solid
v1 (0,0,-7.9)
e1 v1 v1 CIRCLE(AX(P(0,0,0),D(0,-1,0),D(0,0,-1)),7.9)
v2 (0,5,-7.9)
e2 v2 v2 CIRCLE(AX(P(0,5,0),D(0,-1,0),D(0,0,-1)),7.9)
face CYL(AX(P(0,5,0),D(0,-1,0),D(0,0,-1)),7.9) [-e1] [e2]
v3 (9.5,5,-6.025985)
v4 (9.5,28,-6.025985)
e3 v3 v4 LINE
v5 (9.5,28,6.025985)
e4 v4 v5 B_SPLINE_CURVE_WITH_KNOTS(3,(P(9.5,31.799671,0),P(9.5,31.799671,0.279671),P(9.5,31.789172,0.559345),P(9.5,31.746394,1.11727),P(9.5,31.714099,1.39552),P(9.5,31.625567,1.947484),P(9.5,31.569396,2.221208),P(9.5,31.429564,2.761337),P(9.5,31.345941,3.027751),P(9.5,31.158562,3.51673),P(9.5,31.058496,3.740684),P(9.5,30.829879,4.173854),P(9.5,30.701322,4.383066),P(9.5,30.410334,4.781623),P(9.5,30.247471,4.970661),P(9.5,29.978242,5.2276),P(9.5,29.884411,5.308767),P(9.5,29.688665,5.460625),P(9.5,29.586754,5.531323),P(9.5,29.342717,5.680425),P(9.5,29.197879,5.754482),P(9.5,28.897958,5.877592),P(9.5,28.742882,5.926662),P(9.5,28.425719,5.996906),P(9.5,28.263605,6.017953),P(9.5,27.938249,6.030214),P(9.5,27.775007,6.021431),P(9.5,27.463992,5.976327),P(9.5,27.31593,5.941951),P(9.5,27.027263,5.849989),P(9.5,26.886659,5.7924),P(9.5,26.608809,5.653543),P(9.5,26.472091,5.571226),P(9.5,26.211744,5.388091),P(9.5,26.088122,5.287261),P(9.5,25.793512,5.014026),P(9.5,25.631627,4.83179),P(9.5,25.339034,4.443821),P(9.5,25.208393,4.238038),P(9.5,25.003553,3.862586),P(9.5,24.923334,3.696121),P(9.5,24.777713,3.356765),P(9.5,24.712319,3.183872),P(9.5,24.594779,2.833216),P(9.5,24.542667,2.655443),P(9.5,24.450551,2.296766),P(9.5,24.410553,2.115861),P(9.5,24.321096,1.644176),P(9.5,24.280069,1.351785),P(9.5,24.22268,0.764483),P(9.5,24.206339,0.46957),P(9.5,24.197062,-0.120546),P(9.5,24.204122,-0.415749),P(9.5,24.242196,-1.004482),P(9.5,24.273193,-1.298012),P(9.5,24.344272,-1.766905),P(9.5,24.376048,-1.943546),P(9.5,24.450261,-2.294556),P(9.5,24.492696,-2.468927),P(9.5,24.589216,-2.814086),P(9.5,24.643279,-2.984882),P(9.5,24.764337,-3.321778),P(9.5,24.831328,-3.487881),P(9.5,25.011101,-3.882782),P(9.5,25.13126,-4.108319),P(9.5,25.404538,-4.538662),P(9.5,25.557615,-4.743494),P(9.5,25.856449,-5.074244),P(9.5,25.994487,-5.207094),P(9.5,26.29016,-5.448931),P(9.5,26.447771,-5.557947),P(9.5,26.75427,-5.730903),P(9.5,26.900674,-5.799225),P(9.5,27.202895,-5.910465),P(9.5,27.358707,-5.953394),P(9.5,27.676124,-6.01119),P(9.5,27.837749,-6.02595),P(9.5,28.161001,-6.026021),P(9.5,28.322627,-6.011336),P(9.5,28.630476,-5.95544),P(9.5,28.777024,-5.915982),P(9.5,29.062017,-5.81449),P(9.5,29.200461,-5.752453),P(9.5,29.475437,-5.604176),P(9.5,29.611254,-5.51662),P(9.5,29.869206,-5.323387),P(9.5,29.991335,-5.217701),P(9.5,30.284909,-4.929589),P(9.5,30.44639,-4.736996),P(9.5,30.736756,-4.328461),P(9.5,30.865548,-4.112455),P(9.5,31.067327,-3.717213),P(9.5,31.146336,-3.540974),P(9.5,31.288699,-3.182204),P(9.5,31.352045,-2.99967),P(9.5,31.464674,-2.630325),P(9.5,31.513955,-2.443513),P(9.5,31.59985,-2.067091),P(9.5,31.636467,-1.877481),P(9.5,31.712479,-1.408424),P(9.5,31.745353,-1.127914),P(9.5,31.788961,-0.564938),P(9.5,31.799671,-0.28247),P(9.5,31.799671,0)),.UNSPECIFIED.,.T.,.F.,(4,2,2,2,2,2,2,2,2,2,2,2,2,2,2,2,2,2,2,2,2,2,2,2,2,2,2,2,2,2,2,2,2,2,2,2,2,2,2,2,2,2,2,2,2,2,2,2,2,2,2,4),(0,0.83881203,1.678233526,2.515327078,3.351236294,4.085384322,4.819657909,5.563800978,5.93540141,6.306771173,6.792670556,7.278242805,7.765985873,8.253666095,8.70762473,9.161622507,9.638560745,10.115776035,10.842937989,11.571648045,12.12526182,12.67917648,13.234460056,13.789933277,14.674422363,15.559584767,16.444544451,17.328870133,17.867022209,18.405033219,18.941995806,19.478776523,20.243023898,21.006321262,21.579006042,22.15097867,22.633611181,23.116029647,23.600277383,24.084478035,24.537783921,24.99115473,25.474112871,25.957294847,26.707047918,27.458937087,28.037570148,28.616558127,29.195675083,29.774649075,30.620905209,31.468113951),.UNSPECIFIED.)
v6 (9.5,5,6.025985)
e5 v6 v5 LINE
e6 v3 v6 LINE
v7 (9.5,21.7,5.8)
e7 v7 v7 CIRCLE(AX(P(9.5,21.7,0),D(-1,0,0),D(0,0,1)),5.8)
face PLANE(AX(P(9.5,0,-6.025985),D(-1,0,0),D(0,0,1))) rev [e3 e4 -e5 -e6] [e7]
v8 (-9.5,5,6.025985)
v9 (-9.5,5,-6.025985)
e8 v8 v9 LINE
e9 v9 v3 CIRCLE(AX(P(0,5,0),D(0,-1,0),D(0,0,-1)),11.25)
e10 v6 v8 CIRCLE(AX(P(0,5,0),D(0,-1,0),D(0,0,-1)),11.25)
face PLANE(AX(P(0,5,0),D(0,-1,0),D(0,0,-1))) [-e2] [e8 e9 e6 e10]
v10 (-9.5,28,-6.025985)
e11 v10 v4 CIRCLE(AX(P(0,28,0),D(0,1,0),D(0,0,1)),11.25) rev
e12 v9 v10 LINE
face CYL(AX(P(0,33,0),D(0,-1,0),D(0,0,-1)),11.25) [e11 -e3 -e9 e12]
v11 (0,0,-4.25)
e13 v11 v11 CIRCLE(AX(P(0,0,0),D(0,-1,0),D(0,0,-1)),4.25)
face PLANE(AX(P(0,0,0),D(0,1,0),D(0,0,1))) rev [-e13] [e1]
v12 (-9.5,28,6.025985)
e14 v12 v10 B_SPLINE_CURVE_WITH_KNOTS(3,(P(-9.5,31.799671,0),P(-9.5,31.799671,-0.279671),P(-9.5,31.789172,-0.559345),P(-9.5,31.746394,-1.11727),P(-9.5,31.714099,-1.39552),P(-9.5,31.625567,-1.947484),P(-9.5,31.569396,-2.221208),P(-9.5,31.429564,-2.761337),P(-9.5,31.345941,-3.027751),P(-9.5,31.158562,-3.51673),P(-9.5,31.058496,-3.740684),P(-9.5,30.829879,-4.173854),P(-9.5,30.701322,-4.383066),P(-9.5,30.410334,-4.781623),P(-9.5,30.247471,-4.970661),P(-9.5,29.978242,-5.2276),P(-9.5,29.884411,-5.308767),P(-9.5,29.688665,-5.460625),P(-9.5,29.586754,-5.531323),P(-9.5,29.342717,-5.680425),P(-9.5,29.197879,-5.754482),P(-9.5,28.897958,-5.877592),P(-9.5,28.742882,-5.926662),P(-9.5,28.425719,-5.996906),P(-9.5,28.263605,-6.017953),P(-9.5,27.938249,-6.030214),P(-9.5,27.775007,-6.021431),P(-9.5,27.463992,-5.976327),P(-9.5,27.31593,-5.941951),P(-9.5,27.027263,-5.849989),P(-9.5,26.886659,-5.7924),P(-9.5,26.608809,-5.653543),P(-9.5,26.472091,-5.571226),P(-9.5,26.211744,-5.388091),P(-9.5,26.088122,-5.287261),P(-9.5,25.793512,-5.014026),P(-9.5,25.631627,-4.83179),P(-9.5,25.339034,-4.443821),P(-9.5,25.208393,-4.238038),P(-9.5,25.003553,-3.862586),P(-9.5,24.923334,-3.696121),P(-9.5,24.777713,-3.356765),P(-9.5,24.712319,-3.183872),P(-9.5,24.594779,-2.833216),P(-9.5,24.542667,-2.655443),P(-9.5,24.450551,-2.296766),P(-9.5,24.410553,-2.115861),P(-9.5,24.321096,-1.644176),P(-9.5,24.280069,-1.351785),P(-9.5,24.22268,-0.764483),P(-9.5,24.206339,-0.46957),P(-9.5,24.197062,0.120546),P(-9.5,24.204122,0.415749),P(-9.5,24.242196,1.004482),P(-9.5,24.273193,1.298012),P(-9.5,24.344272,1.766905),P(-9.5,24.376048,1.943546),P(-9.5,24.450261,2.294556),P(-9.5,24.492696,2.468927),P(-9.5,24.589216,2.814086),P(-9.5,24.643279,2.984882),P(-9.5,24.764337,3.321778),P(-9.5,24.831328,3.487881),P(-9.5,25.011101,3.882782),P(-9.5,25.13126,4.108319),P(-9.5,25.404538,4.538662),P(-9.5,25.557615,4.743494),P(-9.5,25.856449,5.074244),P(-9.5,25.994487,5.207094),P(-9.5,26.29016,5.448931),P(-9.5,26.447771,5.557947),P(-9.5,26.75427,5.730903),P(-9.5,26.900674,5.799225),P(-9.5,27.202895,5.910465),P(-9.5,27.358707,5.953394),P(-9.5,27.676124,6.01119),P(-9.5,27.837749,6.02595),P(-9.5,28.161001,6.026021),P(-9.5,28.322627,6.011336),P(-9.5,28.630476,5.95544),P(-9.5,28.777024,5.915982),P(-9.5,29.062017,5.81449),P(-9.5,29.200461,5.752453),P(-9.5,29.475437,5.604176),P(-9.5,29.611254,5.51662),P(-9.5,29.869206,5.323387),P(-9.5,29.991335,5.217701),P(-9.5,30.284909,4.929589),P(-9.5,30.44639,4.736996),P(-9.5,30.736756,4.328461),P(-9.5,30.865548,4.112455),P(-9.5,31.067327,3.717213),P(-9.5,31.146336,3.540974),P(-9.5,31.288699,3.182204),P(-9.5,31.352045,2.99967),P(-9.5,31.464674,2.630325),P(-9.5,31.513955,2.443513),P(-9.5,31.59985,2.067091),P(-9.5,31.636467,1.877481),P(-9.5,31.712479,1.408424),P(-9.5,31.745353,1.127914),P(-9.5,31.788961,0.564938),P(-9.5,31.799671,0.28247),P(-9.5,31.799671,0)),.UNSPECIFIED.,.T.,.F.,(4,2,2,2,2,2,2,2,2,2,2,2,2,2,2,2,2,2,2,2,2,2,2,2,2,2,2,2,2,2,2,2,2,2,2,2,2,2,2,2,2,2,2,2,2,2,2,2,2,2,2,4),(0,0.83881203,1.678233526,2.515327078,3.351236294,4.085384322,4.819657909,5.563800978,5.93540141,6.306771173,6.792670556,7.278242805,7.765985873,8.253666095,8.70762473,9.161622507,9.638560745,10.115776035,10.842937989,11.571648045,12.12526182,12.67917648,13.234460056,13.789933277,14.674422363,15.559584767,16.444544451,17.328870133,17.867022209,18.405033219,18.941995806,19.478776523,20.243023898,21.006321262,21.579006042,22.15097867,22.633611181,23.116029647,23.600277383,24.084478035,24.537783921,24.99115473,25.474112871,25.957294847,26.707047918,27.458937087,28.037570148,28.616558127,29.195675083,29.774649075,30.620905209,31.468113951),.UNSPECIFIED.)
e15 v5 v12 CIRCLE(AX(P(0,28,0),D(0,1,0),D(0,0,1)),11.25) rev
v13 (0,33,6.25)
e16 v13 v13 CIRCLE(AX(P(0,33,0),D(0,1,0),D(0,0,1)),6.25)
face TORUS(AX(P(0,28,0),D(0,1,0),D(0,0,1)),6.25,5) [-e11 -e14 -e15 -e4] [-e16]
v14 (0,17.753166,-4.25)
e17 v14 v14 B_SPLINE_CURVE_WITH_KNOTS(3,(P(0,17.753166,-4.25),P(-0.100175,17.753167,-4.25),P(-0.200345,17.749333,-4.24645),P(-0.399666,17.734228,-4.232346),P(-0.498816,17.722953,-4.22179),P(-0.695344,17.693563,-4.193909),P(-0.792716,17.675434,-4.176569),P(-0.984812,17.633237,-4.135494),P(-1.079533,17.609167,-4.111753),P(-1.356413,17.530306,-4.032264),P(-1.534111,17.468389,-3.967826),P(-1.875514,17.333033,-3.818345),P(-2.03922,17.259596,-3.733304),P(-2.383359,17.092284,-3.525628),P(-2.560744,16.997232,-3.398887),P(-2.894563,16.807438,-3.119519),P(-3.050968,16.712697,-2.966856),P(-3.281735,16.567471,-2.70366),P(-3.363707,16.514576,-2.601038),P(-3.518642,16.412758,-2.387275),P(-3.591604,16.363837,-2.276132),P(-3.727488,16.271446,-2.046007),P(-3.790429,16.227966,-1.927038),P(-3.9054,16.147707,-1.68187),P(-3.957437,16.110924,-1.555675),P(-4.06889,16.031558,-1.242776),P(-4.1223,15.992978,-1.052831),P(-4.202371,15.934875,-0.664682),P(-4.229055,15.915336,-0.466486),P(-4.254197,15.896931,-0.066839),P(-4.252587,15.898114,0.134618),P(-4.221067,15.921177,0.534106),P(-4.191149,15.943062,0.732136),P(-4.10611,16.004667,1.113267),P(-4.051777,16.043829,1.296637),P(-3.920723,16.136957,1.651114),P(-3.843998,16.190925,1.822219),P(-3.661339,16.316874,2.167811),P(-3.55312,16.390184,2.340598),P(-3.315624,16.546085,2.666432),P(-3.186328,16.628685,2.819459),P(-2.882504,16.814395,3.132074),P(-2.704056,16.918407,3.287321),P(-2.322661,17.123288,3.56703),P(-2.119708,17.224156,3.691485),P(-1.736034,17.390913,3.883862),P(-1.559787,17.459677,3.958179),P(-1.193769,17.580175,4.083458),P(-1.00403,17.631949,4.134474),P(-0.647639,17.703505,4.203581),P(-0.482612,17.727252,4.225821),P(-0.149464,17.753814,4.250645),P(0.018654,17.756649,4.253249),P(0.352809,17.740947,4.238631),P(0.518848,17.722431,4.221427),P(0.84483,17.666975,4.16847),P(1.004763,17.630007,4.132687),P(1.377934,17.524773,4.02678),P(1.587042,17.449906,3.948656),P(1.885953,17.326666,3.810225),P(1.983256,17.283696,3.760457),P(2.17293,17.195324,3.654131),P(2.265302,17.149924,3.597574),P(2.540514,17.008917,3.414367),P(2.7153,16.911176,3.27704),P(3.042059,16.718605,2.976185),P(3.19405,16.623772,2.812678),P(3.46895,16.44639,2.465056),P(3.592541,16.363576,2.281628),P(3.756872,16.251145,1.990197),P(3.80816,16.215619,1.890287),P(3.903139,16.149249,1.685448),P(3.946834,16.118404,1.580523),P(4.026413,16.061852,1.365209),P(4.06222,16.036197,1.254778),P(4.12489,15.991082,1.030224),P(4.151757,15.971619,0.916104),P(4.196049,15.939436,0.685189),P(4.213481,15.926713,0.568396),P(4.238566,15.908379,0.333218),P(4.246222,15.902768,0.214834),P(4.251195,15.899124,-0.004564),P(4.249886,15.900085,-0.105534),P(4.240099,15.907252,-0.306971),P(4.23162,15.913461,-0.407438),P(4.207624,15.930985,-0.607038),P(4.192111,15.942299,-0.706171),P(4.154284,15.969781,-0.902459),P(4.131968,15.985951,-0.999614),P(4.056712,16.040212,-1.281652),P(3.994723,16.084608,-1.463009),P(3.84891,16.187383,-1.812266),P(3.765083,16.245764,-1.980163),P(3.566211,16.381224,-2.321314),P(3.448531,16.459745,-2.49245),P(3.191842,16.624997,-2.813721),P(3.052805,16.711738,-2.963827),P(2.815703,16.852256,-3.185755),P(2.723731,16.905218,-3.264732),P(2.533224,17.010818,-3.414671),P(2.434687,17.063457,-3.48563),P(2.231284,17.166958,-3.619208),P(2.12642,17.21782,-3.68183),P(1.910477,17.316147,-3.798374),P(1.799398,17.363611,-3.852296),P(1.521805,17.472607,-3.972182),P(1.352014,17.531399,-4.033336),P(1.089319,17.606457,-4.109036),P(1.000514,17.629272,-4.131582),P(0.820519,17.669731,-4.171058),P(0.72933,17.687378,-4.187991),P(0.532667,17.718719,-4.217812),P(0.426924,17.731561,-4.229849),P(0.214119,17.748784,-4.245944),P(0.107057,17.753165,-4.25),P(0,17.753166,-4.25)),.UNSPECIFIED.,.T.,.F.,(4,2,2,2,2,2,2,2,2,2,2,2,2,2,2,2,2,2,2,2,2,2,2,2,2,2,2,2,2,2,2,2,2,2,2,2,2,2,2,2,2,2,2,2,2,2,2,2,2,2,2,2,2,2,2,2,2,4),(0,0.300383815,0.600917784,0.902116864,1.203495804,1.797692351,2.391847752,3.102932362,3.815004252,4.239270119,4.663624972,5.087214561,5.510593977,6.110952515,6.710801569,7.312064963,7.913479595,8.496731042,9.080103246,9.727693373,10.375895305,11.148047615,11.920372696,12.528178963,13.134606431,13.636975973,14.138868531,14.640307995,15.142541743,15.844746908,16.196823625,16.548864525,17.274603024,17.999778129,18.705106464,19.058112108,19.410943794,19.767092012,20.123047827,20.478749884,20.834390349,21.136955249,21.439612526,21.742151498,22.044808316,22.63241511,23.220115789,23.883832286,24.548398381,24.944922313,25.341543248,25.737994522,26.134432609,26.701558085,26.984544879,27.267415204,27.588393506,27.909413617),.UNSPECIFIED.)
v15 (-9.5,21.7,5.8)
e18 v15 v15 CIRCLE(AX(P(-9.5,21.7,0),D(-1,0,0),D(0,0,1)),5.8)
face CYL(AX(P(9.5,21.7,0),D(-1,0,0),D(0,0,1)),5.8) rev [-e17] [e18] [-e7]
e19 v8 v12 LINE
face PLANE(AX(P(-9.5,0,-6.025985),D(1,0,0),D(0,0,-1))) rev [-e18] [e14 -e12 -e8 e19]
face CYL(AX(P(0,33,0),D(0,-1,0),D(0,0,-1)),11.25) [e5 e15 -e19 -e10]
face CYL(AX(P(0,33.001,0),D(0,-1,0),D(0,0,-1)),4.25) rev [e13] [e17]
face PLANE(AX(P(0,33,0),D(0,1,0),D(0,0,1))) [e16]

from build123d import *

# Parameters (mm, degrees)
SKETCH1_R               = 11.25
BOSS_EXTRUDE1_DEPTH     = 33
FILLET1_R               = 5
CUT_EXTRUDE1_DEPTH      = 37.635024225
SKETCH3_OUTSIDE_W       = 29.846
SKETCH3_OUTSIDE_H       = 33.346
SKETCH3_OUTSIDE_R       = 7.9
CUT_EXTRUDE2_DEPTH      = 5
SKETCH4_R               = 5.8
CUT_EXTRUDE3_DEPTH      = 40.705950595
CUT_EXTRUDE4_REACH      = 38.136
CUT_EXTRUDE4_END_RADIUS = 5.8
SKETCH5_R               = 4.25


with BuildPart() as part:
    # Sketch1 → Boss-Extrude1 (new body)
    with BuildSketch(Plane(origin=(0, 0, 0), x_dir=(1, 0, 0), z_dir=(0, 1, 0))):
        with Locations(Location((0, 0, 0), (0, 0, 270))):
            Circle(SKETCH1_R)
    extrude(amount=BOSS_EXTRUDE1_DEPTH)

    # Fillet1
    fillet1_edges = [part.edges().sort_by_distance(p)[0] for p in [
        (0, 33, -11.25),
    ]]
    fillet(fillet1_edges, radius=FILLET1_R)

    # Sketch2 → Cut-Extrude1 (cut, through all)
    with BuildSketch(Plane(origin=(0, 33, 0), x_dir=(1, 0, 0), z_dir=(0, 1, 0))):
        with BuildLine():
            Line((-9.5, 6.025985397), (-9.5, -6.025985397))
            ThreePointArc((-9.5, -6.025985397), (-11.25, 0), (-9.5, 6.025985397))
        make_face()
        with BuildLine():
            Line((9.5, 6.025985397), (9.5, -6.025985397))
            ThreePointArc((9.5, -6.025985397), (11.25, 0), (9.5, 6.025985397))
        make_face()
    extrude(amount=-CUT_EXTRUDE1_DEPTH, mode=Mode.SUBTRACT)

    # Sketch3 outside → Cut-Extrude2 (cut)
    with BuildSketch(Plane.XZ):
        Rectangle(SKETCH3_OUTSIDE_W, SKETCH3_OUTSIDE_H)
        with Locations(Location((0, 0, 0), (0, 0, 270))):
            Circle(SKETCH3_OUTSIDE_R, mode=Mode.SUBTRACT)
    extrude(amount=-CUT_EXTRUDE2_DEPTH, mode=Mode.SUBTRACT)

    # Sketch4 → Cut-Extrude3 (cut, through all)
    with BuildSketch(Plane.ZY.offset(9.5)):
        with Locations((0, 21.7)):
            Circle(SKETCH4_R)
    extrude(amount=-CUT_EXTRUDE3_DEPTH, mode=Mode.SUBTRACT)

    # Cut-Extrude4: up to this cylinder (the profile starts outside it)
    cut_extrude4_end = Plane(origin=(0, 21.7, 0), z_dir=(-1, 0, 0)) * Cylinder(CUT_EXTRUDE4_END_RADIUS, 88.872, mode=Mode.PRIVATE)
    # Sketch5 → Cut-Extrude4 (cut, up to the surface)
    with BuildSketch(Plane.XZ, mode=Mode.PRIVATE) as cut_extrude4_sk1:
        with Locations(Location((0, 0, 0), (0, 0, 270))):
            Circle(SKETCH5_R)
    cut_extrude4_tool1 = extrude(cut_extrude4_sk1.sketch, amount=-CUT_EXTRUDE4_REACH, mode=Mode.PRIVATE) - cut_extrude4_end
    add(cut_extrude4_tool1.solids().sort_by_distance((0, 0, 0))[0], mode=Mode.SUBTRACT)


solid = part.part
